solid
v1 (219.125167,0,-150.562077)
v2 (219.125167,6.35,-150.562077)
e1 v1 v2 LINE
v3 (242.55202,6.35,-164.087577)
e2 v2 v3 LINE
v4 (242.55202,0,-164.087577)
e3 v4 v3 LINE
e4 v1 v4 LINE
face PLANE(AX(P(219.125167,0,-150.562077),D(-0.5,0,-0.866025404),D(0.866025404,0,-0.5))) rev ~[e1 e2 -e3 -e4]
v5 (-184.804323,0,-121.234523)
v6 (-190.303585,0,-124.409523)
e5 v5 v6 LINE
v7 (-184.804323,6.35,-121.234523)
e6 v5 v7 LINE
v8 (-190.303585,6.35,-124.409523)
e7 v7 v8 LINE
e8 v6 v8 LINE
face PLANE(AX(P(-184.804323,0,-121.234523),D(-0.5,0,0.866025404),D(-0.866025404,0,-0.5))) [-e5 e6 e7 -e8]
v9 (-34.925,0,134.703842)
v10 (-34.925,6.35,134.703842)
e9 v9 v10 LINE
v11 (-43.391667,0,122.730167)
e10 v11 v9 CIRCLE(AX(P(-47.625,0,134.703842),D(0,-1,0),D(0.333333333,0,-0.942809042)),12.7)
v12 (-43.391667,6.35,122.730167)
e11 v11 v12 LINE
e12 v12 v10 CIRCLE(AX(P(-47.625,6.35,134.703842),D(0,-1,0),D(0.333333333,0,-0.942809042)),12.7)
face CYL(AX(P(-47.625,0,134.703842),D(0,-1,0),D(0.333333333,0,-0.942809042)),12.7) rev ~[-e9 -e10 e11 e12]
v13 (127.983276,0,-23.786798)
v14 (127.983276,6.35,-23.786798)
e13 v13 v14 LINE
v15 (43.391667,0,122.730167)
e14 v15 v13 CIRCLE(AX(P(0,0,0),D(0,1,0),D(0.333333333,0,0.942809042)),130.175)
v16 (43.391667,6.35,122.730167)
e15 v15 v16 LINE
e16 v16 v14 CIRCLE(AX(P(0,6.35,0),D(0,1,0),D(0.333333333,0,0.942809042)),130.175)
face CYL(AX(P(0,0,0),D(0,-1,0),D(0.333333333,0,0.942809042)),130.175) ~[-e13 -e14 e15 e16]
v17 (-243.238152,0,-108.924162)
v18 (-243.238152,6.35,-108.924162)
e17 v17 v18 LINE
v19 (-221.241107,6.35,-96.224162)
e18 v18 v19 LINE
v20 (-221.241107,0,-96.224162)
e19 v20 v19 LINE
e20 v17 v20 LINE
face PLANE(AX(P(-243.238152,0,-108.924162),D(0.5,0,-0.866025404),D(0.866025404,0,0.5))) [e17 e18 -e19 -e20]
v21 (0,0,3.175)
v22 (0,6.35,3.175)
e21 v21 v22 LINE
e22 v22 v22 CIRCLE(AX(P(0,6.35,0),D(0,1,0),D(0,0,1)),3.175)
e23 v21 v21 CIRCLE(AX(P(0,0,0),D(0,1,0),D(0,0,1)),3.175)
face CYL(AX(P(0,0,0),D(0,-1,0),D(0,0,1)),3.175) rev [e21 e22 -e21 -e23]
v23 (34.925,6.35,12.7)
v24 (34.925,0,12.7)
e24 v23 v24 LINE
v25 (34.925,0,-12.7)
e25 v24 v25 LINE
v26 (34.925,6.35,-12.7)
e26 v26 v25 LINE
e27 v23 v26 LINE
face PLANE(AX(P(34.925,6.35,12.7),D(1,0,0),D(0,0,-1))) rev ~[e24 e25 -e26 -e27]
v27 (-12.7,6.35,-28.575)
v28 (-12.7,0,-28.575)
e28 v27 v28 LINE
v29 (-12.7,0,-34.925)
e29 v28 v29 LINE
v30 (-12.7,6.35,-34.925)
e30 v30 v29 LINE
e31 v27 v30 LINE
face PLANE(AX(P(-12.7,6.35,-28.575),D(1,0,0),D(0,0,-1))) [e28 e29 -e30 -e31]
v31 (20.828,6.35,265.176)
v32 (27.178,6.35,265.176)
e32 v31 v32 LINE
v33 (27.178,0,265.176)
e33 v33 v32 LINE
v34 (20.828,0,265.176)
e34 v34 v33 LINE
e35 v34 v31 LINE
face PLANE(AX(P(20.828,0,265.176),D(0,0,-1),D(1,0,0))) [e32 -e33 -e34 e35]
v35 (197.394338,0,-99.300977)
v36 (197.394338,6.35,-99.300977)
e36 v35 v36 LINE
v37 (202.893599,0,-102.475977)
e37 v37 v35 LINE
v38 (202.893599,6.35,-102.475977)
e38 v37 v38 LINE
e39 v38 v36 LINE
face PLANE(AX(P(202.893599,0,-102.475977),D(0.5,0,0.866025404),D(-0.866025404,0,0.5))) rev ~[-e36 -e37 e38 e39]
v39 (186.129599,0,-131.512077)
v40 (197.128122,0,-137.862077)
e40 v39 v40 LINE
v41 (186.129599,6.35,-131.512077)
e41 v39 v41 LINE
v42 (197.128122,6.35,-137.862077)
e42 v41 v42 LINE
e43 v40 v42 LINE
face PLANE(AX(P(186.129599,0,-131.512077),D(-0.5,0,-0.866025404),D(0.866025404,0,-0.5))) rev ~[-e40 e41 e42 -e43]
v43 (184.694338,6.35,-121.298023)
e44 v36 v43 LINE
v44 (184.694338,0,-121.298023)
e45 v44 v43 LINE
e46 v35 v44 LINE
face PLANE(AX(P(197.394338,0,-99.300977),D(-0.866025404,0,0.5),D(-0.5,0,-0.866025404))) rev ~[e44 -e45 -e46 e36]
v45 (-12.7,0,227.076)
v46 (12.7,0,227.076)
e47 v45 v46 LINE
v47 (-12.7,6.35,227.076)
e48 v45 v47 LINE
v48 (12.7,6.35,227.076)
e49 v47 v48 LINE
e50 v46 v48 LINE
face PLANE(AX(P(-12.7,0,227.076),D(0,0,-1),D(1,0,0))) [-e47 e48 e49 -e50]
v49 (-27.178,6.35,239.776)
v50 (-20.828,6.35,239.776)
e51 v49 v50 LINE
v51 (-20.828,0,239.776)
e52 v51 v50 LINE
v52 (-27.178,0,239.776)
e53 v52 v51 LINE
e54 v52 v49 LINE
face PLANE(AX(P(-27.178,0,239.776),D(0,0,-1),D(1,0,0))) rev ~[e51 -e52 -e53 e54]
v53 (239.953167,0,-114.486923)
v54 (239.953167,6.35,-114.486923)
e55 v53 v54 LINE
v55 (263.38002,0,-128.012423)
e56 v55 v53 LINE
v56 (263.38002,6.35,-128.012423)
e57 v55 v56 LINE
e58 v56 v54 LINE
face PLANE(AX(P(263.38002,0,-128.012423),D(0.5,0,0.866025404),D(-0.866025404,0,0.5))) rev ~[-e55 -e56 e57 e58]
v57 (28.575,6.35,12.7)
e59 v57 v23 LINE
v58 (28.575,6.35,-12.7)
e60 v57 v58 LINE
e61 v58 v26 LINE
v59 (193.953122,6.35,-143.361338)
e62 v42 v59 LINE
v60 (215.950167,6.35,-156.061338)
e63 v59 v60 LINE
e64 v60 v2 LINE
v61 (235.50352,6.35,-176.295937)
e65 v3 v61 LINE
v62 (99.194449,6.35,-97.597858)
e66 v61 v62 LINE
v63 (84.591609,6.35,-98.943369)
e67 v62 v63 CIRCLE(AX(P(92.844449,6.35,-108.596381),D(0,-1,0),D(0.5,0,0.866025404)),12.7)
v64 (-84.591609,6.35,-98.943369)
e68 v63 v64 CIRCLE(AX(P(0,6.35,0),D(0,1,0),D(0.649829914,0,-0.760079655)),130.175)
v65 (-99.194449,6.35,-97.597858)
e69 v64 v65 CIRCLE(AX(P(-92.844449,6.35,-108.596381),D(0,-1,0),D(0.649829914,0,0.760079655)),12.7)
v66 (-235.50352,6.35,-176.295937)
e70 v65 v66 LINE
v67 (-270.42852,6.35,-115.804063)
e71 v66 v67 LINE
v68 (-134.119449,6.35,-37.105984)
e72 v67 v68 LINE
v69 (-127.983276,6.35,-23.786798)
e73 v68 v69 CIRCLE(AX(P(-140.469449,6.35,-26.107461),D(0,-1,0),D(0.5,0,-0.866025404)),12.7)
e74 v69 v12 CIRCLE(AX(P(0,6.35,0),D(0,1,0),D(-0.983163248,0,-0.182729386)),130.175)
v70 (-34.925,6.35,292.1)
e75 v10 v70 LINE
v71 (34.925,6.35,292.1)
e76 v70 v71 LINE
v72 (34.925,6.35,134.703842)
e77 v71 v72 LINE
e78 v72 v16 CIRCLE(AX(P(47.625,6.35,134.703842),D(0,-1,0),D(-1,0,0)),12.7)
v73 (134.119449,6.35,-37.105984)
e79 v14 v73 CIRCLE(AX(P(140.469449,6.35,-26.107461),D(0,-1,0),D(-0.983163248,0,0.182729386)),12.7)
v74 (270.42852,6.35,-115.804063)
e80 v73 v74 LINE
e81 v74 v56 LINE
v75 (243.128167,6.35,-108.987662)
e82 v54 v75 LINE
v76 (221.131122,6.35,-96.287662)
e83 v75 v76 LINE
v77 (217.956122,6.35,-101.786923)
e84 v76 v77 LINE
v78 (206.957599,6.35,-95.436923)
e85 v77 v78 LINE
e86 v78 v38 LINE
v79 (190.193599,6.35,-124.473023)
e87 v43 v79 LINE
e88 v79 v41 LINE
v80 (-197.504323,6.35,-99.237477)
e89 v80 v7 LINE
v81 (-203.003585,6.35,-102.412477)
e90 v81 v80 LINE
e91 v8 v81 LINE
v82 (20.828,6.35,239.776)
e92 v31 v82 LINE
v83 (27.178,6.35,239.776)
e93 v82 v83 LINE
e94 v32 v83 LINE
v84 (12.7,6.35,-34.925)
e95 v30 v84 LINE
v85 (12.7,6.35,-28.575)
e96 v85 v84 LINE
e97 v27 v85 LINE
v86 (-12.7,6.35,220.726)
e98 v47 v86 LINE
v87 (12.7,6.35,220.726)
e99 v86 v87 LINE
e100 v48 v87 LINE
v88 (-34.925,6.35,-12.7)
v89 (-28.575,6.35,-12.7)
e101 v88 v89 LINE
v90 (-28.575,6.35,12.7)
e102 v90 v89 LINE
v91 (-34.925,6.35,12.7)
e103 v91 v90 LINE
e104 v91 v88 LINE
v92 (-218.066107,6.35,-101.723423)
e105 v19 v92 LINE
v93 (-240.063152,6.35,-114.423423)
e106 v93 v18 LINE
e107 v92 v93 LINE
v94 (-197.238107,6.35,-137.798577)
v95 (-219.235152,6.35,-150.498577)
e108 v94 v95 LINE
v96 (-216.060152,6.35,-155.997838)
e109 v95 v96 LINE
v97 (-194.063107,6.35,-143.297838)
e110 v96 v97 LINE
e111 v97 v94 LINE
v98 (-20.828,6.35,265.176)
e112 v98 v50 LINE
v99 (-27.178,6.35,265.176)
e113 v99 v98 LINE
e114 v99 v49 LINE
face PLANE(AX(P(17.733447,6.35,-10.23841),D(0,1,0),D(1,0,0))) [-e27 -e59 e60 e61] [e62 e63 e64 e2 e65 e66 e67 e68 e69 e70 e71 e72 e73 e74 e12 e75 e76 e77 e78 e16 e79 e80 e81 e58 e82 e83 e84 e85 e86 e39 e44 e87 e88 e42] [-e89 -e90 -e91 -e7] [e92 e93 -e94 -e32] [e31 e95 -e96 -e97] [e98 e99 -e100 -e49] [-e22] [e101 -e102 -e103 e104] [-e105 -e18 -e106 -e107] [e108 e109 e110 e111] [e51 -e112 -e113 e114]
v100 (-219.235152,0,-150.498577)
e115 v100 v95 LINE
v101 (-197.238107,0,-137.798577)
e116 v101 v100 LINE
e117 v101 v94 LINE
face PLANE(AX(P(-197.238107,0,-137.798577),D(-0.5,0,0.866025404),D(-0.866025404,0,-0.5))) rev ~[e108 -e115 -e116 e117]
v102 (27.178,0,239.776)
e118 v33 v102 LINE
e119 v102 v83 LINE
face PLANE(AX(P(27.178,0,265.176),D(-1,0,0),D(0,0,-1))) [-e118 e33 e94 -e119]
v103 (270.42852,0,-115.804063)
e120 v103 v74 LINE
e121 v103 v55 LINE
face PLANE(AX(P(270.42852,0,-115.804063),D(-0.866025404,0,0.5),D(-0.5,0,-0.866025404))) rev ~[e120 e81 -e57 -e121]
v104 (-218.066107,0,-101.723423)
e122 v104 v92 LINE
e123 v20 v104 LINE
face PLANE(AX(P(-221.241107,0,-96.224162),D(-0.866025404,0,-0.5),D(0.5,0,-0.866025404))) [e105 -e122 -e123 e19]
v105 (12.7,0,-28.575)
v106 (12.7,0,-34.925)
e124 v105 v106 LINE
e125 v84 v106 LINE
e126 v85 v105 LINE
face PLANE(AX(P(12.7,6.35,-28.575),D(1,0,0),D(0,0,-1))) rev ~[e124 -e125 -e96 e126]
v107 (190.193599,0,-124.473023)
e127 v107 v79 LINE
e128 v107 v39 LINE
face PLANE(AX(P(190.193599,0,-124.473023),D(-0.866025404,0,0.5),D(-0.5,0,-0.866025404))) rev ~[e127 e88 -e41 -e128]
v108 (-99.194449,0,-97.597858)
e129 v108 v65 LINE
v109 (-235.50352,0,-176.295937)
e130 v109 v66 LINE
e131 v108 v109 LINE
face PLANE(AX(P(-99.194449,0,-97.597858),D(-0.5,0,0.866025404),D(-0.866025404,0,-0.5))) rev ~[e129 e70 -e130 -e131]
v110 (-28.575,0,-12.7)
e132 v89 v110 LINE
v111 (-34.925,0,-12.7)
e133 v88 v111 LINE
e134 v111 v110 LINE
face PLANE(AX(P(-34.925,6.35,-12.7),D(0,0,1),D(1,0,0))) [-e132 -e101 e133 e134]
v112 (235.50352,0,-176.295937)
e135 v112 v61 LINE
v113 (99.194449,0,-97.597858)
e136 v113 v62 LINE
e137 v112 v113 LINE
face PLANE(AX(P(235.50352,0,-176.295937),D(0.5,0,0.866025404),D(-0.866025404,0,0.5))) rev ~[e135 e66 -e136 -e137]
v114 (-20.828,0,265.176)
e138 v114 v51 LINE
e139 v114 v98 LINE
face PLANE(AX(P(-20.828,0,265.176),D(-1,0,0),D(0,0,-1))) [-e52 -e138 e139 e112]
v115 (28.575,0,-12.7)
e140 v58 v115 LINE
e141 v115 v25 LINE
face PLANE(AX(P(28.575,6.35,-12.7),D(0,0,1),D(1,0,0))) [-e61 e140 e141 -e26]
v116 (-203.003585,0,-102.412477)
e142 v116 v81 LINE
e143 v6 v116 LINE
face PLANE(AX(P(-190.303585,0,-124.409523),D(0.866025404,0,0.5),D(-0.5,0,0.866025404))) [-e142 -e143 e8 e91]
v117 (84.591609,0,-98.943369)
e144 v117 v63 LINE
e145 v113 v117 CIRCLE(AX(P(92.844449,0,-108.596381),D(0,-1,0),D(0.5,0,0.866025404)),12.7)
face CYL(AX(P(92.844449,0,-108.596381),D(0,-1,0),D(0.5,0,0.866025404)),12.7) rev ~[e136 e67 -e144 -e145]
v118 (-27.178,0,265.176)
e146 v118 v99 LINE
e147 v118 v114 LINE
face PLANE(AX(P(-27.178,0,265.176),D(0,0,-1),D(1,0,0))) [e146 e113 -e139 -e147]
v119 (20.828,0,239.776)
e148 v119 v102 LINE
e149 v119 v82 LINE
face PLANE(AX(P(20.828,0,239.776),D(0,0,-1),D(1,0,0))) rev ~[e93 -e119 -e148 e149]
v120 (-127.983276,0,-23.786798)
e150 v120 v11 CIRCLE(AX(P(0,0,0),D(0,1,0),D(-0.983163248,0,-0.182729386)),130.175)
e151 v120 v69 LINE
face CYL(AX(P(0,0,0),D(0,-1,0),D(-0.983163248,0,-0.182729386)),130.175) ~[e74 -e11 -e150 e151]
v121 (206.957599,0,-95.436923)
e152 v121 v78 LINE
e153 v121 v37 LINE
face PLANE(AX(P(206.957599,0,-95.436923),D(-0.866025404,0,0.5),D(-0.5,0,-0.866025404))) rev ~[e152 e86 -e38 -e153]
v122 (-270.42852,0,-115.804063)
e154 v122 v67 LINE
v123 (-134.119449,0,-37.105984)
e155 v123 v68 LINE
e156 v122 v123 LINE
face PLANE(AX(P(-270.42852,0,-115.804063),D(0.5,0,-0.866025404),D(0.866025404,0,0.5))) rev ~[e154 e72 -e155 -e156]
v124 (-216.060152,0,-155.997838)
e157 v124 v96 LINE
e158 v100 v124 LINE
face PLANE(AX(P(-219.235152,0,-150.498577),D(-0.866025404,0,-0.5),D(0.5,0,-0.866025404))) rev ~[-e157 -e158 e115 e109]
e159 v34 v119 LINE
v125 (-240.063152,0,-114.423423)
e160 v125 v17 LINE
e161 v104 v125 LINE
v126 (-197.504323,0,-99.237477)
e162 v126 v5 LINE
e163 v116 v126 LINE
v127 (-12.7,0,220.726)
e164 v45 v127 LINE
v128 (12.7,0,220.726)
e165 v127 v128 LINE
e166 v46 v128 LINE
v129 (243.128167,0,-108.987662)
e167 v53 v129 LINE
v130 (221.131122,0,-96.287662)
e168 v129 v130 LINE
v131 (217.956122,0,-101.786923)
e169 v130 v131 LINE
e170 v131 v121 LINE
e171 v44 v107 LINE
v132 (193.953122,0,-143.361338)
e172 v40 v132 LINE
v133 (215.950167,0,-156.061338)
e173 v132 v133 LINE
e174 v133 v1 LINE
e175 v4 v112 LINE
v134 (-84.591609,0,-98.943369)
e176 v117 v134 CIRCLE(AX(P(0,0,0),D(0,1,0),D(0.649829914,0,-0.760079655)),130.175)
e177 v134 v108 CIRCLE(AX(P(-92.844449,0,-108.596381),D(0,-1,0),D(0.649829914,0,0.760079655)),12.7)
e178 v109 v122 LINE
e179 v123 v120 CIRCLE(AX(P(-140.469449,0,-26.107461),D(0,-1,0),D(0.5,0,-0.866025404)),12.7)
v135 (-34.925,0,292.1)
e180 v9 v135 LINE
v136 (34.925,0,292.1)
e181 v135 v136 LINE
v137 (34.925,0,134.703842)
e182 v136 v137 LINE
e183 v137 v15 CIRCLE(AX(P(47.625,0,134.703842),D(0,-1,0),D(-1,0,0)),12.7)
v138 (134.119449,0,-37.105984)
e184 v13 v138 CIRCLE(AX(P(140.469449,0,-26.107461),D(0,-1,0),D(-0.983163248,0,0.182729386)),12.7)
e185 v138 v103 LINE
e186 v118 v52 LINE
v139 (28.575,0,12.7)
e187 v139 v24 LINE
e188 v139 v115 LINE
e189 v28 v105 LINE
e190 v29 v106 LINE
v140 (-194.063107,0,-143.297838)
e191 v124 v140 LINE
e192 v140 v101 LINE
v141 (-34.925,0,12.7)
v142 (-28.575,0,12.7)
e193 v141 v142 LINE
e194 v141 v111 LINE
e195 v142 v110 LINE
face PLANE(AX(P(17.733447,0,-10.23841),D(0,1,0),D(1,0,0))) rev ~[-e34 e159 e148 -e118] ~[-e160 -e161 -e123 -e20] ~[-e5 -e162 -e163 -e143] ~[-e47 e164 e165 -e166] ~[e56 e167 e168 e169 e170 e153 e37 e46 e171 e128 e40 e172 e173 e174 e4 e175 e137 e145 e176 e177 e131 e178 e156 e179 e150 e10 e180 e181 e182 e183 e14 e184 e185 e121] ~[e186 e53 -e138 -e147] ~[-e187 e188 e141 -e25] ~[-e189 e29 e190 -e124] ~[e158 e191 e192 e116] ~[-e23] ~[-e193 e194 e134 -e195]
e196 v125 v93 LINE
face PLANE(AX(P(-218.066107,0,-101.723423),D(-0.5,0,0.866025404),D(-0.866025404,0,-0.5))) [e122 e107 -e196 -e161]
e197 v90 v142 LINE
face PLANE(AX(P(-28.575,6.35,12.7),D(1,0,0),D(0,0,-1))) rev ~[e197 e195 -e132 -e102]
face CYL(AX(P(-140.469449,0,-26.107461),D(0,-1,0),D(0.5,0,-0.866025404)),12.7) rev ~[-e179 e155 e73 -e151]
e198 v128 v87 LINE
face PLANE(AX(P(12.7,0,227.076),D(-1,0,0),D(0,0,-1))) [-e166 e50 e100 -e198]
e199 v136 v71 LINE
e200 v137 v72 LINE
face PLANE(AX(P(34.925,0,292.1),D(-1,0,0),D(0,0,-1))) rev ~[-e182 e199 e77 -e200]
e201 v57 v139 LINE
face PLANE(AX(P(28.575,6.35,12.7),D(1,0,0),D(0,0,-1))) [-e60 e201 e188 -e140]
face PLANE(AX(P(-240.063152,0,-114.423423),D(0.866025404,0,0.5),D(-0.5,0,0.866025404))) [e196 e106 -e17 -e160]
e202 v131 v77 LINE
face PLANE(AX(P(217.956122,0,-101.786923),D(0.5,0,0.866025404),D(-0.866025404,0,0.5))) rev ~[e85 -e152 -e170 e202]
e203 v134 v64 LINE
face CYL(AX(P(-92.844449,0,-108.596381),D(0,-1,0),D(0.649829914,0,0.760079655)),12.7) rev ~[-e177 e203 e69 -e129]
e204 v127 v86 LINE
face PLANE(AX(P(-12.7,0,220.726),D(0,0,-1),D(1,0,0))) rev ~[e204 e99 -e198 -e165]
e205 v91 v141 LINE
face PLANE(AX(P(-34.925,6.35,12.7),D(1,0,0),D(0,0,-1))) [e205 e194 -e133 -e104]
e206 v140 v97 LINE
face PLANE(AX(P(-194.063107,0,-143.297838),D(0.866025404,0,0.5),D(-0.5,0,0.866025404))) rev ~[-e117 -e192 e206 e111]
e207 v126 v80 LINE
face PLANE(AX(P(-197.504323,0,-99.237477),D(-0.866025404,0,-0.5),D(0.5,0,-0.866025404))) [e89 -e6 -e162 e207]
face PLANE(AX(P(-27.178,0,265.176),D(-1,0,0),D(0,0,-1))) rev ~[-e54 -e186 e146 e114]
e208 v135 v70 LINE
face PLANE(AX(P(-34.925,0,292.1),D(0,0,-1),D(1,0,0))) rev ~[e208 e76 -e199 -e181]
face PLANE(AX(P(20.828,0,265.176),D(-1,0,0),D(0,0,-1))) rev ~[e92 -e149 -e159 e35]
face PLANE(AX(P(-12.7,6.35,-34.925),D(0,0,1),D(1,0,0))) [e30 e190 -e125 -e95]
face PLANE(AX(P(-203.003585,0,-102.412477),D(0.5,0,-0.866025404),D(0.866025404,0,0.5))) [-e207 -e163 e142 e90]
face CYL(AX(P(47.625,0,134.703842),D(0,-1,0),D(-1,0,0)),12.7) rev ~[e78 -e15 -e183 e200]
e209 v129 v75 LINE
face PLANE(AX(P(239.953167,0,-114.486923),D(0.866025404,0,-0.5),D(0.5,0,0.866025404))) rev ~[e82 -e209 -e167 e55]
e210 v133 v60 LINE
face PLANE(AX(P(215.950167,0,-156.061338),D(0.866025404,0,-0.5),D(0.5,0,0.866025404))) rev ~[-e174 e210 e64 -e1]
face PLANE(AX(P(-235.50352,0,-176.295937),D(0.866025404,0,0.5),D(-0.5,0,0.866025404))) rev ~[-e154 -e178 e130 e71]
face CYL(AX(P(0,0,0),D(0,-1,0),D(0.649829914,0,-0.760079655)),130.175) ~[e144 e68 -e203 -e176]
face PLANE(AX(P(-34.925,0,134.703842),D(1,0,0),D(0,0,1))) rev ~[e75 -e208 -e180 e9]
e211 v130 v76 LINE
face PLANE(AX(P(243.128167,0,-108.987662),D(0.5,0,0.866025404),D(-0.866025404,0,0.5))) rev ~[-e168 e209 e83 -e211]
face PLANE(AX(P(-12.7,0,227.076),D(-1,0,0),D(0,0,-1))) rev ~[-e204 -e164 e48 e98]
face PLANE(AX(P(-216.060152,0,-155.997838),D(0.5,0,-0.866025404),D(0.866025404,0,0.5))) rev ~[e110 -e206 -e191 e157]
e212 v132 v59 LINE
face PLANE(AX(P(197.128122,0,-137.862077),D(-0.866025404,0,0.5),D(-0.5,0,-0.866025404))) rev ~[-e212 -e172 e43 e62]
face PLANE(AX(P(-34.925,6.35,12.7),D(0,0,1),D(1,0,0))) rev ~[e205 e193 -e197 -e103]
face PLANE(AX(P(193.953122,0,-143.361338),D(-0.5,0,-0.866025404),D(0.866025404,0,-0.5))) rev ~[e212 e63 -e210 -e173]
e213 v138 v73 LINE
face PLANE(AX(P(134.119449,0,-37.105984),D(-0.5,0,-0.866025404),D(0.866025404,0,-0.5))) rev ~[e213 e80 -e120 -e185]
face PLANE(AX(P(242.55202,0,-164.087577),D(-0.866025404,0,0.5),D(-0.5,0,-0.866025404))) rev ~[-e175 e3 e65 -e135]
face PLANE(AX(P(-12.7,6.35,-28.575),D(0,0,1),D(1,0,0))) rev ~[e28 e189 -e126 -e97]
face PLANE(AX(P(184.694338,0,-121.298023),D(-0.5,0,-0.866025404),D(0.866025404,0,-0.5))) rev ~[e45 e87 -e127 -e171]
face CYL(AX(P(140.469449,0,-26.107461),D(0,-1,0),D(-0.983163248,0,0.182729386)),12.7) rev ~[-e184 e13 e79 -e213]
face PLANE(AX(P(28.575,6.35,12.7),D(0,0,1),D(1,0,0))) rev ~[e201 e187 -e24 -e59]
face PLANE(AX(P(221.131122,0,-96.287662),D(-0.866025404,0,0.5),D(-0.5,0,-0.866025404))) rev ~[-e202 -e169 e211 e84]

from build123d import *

# Parameters (mm, degrees)
SKETCH1_R      = 3.175
SKETCH1_W      = 25.4
SKETCH1_H      = 6.35
SKETCH1_W_2    = 6.35
SKETCH1_H_2    = 25.4
EXTRUDE2_DEPTH = 6.35
SKETCH2_W      = 6.35
SKETCH2_H      = 25.4
SKETCH2_W_2    = 25.4
SKETCH2_H_2    = 6.35
EXTRUDE4_DEPTH = 399.113447613


with BuildPart() as part:
    # Sketch1 → Extrude2 (new body)
    with BuildSketch(Plane(origin=(0, 0, 0), x_dir=(1, 0, 0), z_dir=(0, 1, 0))):
        with BuildLine():
            Line((-34.925, -292.1), (34.925, -292.1))
            Line((34.925, -292.1), (34.925, -134.703841816))
            ThreePointArc((34.925, -134.703841816), (37.255493422, -127.371493397), (43.391666667, -122.730166988))
            ThreePointArc((43.391666667, -122.730166988), (112.734856938, -65.0875), (127.983275756, 23.786797848))
            ThreePointArc((127.983275756, 23.786797848), (128.934695711, 31.421542964), (134.119449, 37.105983681))
            Line((134.119449, 37.105983681), (270.428520445, 115.804062773))
            Line((270.428520445, 115.804062773), (263.380020445, 128.01242289))
            Line((263.380020445, 128.01242289), (239.953167248, 114.48692289))
            Line((239.953167248, 114.48692289), (243.128167248, 108.987661576))
            Line((243.128167248, 108.987661576), (221.131121992, 96.287661576))
            Line((221.131121992, 96.287661576), (217.956121992, 101.78692289))
            Line((217.956121992, 101.78692289), (206.957599363, 95.43692289))
            Line((206.957599363, 95.43692289), (202.893599363, 102.475977372))
            Line((202.893599363, 102.475977372), (197.394338049, 99.300977372))
            Line((197.394338049, 99.300977372), (184.694338049, 121.298022628))
            Line((184.694338049, 121.298022628), (190.193599363, 124.473022628))
            Line((190.193599363, 124.473022628), (186.129599363, 131.51207711))
            Line((186.129599363, 131.51207711), (197.128121992, 137.86207711))
            Line((197.128121992, 137.86207711), (193.953121992, 143.361338424))
            Line((193.953121992, 143.361338424), (215.950167248, 156.061338424))
            Line((215.950167248, 156.061338424), (219.125167248, 150.56207711))
            Line((219.125167248, 150.56207711), (242.552020445, 164.08757711))
            Line((242.552020445, 164.08757711), (235.503520445, 176.295937227))
            Line((235.503520445, 176.295937227), (99.194449, 97.597858135))
            ThreePointArc((99.194449, 97.597858135), (91.679202289, 95.949950433), (84.591609089, 98.94336914))
            ThreePointArc((84.591609089, 98.94336914), (0, 130.175), (-84.591609089, 98.94336914))
            ThreePointArc((-84.591609089, 98.94336914), (-91.679202289, 95.949950433), (-99.194449, 97.597858135))
            Line((-99.194449, 97.597858135), (-235.503520445, 176.295937227))
            Line((-235.503520445, 176.295937227), (-270.428520445, 115.804062773))
            Line((-270.428520445, 115.804062773), (-134.119449, 37.105983681))
            ThreePointArc((-134.119449, 37.105983681), (-128.934695711, 31.421542964), (-127.983275756, 23.786797848))
            ThreePointArc((-127.983275756, 23.786797848), (-112.734856938, -65.0875), (-43.391666667, -122.730166988))
            ThreePointArc((-43.391666667, -122.730166988), (-37.255493422, -127.371493397), (-34.925, -134.703841816))
            Line((-34.925, -134.703841816), (-34.925, -292.1))
        make_face()
        with Locations(Location((0, 0, 0), (0, 0, 270))):
            Circle(SKETCH1_R, mode=Mode.SUBTRACT)
        with Locations((0, -223.901)):
            Rectangle(SKETCH1_W, SKETCH1_H, mode=Mode.SUBTRACT)
        with Locations((-24.003, -252.476)):
            Rectangle(SKETCH1_W_2, SKETCH1_H_2, mode=Mode.SUBTRACT)
        with Locations((24.003, -252.476)):
            Rectangle(SKETCH1_W_2, SKETCH1_H_2, mode=Mode.SUBTRACT)
        Polygon((-197.504323276, 99.237477372), (-184.804323276, 121.234522628), (-190.30358459, 124.409522628), (-203.00358459, 102.412477372), align=None, mode=Mode.SUBTRACT)
        Polygon((-194.063107218, 143.297838424), (-197.238107218, 137.79857711), (-219.235152474, 150.49857711), (-216.060152474, 155.997838424), align=None, mode=Mode.SUBTRACT)
        Polygon((-240.063152474, 114.42342289), (-243.238152474, 108.924161576), (-221.241107218, 96.224161576), (-218.066107218, 101.72342289), align=None, mode=Mode.SUBTRACT)
    extrude(amount=EXTRUDE2_DEPTH)

    # Sketch2 → Extrude4 (cut, through all)
    with BuildSketch(Plane(origin=(0, 6.35, 0), x_dir=(1, 0, 0), z_dir=(0, 1, 0))):
        with Locations((-31.75, 0)):
            Rectangle(SKETCH2_W, SKETCH2_H)
        with Locations((0, 31.75)):
            Rectangle(SKETCH2_W_2, SKETCH2_H_2)
        with Locations((31.75, 0)):
            Rectangle(SKETCH2_W, SKETCH2_H)
    extrude(amount=-EXTRUDE4_DEPTH, mode=Mode.SUBTRACT)


solid = part.part
